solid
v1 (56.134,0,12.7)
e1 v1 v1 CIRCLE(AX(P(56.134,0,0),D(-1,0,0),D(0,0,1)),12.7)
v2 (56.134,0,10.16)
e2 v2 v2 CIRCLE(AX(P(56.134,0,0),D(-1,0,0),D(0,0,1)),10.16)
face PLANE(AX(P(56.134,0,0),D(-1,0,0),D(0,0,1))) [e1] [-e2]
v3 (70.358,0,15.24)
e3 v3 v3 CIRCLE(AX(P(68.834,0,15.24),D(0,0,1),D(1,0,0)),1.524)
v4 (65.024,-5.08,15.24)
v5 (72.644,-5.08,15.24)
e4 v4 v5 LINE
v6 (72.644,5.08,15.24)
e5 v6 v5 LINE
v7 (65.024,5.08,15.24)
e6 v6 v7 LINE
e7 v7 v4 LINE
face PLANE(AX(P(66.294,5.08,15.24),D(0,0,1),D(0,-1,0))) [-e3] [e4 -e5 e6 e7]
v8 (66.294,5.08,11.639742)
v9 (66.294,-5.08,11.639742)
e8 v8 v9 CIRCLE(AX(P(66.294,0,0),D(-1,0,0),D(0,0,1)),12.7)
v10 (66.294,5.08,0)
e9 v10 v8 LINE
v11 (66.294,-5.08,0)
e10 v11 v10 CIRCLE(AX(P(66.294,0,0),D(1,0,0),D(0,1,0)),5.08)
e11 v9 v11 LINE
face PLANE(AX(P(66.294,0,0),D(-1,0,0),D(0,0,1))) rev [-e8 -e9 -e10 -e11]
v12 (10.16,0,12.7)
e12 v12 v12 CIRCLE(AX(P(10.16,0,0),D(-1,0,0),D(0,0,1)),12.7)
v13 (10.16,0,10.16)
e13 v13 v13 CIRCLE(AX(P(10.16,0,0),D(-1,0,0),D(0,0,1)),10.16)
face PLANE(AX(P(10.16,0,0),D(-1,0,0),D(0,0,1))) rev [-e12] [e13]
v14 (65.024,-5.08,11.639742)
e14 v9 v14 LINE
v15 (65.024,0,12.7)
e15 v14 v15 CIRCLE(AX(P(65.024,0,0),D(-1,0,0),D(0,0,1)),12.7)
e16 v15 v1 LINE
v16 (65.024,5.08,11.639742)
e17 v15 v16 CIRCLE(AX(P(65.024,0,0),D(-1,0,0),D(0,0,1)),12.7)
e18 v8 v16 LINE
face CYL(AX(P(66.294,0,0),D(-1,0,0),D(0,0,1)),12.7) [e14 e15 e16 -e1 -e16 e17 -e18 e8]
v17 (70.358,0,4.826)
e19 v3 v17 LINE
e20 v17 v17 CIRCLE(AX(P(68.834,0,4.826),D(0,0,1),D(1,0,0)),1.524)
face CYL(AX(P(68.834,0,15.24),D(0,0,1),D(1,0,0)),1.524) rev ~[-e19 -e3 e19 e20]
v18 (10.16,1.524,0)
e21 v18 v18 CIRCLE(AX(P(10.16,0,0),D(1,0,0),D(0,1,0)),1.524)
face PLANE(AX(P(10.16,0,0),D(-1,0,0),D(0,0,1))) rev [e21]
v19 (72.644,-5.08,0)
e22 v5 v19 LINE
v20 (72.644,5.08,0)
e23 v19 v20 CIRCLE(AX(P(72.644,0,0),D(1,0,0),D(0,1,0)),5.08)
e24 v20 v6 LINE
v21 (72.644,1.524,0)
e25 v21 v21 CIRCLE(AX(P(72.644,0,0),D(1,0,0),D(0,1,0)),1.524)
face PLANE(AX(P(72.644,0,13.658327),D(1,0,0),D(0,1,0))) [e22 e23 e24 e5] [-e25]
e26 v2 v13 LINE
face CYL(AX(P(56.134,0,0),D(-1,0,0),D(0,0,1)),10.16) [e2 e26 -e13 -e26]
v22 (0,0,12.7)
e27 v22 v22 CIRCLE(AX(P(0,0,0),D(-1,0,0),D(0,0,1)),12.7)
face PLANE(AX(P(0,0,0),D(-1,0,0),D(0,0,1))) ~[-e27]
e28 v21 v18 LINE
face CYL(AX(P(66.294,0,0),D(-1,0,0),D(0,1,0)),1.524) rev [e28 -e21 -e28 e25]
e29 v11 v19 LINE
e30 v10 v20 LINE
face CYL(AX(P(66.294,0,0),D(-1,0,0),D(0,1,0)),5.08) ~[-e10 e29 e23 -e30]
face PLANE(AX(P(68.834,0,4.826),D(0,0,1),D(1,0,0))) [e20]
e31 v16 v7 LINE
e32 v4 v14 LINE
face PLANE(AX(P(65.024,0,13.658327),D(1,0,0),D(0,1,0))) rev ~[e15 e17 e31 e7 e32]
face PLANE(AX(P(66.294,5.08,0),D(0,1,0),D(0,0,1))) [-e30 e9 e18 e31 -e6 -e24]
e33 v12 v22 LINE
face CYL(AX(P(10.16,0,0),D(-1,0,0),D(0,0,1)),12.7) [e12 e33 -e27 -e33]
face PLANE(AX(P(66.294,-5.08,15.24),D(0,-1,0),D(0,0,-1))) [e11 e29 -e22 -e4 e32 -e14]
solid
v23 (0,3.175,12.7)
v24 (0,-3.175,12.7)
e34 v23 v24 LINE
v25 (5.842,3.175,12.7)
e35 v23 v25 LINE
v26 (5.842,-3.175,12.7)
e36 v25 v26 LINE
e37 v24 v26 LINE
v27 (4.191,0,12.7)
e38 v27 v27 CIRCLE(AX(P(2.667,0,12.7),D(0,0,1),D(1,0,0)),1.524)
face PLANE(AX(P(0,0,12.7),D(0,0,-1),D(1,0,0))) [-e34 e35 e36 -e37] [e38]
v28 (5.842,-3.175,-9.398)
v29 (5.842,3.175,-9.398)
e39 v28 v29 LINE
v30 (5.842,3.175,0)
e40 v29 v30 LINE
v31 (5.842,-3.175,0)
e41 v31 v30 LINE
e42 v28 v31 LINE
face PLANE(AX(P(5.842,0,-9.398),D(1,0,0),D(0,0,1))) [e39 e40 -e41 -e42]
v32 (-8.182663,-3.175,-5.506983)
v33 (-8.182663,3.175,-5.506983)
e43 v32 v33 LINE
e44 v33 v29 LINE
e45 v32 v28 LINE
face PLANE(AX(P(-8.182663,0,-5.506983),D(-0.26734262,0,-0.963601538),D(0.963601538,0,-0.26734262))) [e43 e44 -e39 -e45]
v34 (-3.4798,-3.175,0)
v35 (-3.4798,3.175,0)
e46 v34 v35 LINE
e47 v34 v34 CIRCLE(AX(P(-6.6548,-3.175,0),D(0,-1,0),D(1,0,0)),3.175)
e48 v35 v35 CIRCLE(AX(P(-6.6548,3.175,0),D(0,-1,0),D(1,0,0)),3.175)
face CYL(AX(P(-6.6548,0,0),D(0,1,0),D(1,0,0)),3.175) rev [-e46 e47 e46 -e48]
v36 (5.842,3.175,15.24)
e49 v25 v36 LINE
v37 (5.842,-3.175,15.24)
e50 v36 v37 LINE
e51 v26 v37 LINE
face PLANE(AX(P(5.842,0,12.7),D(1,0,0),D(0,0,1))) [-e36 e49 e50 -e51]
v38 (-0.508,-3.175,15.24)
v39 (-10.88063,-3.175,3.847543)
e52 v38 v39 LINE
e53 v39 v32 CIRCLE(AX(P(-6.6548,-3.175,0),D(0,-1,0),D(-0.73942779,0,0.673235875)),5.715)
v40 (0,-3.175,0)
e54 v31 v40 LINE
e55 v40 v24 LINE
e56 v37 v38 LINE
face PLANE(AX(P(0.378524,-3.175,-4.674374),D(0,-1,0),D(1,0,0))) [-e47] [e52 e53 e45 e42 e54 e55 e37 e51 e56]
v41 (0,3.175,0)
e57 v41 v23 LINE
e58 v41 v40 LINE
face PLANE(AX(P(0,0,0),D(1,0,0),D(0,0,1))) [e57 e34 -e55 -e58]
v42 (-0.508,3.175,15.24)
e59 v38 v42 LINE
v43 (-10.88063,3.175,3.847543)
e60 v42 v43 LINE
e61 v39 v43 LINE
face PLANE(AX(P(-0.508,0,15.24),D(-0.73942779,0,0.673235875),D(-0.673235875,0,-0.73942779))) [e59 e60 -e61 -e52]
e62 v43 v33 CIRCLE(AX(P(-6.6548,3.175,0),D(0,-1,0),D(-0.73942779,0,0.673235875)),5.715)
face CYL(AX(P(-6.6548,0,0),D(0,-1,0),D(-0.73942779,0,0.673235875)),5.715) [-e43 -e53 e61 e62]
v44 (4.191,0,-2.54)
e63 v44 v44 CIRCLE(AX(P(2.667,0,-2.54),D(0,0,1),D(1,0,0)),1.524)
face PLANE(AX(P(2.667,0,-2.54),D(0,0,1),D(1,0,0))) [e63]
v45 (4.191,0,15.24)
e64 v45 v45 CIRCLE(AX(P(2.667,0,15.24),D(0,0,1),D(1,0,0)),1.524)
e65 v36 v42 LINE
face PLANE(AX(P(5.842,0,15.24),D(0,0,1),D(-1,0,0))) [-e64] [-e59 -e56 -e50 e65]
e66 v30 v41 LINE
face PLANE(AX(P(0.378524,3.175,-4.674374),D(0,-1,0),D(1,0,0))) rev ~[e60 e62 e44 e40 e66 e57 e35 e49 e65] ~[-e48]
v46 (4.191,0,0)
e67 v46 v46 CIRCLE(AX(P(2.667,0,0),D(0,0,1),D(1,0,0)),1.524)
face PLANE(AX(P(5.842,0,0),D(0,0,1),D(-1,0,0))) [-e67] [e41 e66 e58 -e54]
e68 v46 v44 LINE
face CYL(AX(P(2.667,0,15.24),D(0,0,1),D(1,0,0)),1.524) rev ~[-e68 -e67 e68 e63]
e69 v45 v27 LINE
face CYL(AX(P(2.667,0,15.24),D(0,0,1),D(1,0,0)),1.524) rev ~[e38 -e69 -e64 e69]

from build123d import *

# Parameters (mm, degrees)
F0_W          = 5.842
F0_H          = 12.7
F0_R          = 3.175
F2_DEPTH      = 3.175
F3_R          = 1.524
F4_DEPTH      = 6.35
F4_DEPTH_BACK = 1.27
F5_DEPTH      = 56.134
F6_R          = 1.524
F8_DEPTH      = 17.78
F7_R          = 1.524
F9_DEPTH      = 10.414


with BuildPart() as f1:
    # F0 (on Front) → F1 (revolve)
    with BuildSketch(Plane.XZ):
        Polygon((5.842, 12.7), (5.842, 0), (66.294, 0), (66.294, 12.7), (56.134, 12.7), (56.134, 10.16), (10.16, 10.16), (10.16, 12.7), align=None)
        with Locations((2.921, 6.35)):
            Rectangle(F0_W, F0_H)
    revolve(axis=Axis((33.147, 0, 0), (-1, 0, 0)))

    # F3 (on face) → F4 (join, two sides)
    with BuildSketch(Plane.YZ.offset(66.294)) as f4_sk:
        with BuildLine():
            ThreePointArc((-5.08, 11.6397422652), (0, 12.7), (5.08, 11.6397422652))
            Line((5.08, 11.6397422652), (5.08, 15.24))
            Line((5.08, 15.24), (-5.08, 15.24))
            Line((-5.08, 15.24), (-5.08, 11.6397422652))
        make_face()
        with BuildLine():
            ThreePointArc((-5.08, 0), (0, 5.08), (5.08, 0))
            Line((5.08, 0), (5.08, 11.6397422652))
            ThreePointArc((5.08, 11.6397422652), (0, 12.7), (-5.08, 11.6397422652))
            Line((-5.08, 11.6397422652), (-5.08, 0))
        make_face()
        with BuildLine():
            ThreePointArc((-5.08, 0), (0, -5.08), (5.08, 0))
            ThreePointArc((5.08, 0), (0, 5.08), (-5.08, 0))
        make_face()
        Circle(F3_R, mode=Mode.SUBTRACT)
    extrude(amount=F4_DEPTH)
    extrude(f4_sk.sketch, amount=-F4_DEPTH_BACK)

    # F5 (cut, through all): a face of the model
    f5_faces = [f1.faces().sort_by_distance(p)[0] for p in [
        (66.294, 0, 0),
    ]]
    extrude(f5_faces, amount=-F5_DEPTH, mode=Mode.SUBTRACT)

    # F7 (on face) → F9 (cut)
    with BuildSketch(Plane.XY.offset(15.24)):
        with Locations((68.834, 0)):
            Circle(F7_R)
    extrude(amount=-F9_DEPTH, mode=Mode.SUBTRACT)


with BuildPart() as f2:
    # F0 (on Front) → F2 (new body, symmetric)
    with BuildSketch(Plane.XZ):
        with BuildLine():
            Line((5.842, 0), (0, 0))
            Line((0, 0), (-0.9398, 0))
            ThreePointArc((-0.9398, 0), (-3.1957909266, -4.5493385486), (-8.1826630726, -5.5069827884))
            Line((-8.1826630726, -5.5069827884), (5.842, -9.398))
            Line((5.842, -9.398), (5.842, 0))
        make_face()
        with BuildLine():
            Line((-0.9398, 0), (0, 0))
            Line((0, 0), (0, 12.7))
            Line((0, 12.7), (5.842, 12.7))
            Line((5.842, 12.7), (5.842, 15.24))
            Line((5.842, 15.24), (-0.508, 15.24))
            Line((-0.508, 15.24), (-10.8806298187, 3.8475430269))
            ThreePointArc((-10.8806298187, 3.8475430269), (-4.5919612295, 5.3297205562), (-0.9398, 0))
        make_face()
        with BuildLine():
            ThreePointArc((-8.1826630726, -5.5069827884), (-3.1957909266, -4.5493385486), (-0.9398, 0))
            ThreePointArc((-0.9398, 0), (-4.5919612295, 5.3297205562), (-10.8806298187, 3.8475430269))
            ThreePointArc((-10.8806298187, 3.8475430269), (-12.1459778134, -1.5837270034), (-8.1826630726, -5.5069827884))
        make_face()
        with Locations((-6.6548, 0)):
            Circle(F0_R, mode=Mode.SUBTRACT)
    extrude(amount=F2_DEPTH, both=True)

    # F6 (on face) → F8 (cut)
    with BuildSketch(Plane.XY.offset(15.24)):
        with Locations((2.667, 0)):
            Circle(F6_R)
    extrude(amount=-F8_DEPTH, mode=Mode.SUBTRACT)


solid = Compound([f1.part, f2.part])
